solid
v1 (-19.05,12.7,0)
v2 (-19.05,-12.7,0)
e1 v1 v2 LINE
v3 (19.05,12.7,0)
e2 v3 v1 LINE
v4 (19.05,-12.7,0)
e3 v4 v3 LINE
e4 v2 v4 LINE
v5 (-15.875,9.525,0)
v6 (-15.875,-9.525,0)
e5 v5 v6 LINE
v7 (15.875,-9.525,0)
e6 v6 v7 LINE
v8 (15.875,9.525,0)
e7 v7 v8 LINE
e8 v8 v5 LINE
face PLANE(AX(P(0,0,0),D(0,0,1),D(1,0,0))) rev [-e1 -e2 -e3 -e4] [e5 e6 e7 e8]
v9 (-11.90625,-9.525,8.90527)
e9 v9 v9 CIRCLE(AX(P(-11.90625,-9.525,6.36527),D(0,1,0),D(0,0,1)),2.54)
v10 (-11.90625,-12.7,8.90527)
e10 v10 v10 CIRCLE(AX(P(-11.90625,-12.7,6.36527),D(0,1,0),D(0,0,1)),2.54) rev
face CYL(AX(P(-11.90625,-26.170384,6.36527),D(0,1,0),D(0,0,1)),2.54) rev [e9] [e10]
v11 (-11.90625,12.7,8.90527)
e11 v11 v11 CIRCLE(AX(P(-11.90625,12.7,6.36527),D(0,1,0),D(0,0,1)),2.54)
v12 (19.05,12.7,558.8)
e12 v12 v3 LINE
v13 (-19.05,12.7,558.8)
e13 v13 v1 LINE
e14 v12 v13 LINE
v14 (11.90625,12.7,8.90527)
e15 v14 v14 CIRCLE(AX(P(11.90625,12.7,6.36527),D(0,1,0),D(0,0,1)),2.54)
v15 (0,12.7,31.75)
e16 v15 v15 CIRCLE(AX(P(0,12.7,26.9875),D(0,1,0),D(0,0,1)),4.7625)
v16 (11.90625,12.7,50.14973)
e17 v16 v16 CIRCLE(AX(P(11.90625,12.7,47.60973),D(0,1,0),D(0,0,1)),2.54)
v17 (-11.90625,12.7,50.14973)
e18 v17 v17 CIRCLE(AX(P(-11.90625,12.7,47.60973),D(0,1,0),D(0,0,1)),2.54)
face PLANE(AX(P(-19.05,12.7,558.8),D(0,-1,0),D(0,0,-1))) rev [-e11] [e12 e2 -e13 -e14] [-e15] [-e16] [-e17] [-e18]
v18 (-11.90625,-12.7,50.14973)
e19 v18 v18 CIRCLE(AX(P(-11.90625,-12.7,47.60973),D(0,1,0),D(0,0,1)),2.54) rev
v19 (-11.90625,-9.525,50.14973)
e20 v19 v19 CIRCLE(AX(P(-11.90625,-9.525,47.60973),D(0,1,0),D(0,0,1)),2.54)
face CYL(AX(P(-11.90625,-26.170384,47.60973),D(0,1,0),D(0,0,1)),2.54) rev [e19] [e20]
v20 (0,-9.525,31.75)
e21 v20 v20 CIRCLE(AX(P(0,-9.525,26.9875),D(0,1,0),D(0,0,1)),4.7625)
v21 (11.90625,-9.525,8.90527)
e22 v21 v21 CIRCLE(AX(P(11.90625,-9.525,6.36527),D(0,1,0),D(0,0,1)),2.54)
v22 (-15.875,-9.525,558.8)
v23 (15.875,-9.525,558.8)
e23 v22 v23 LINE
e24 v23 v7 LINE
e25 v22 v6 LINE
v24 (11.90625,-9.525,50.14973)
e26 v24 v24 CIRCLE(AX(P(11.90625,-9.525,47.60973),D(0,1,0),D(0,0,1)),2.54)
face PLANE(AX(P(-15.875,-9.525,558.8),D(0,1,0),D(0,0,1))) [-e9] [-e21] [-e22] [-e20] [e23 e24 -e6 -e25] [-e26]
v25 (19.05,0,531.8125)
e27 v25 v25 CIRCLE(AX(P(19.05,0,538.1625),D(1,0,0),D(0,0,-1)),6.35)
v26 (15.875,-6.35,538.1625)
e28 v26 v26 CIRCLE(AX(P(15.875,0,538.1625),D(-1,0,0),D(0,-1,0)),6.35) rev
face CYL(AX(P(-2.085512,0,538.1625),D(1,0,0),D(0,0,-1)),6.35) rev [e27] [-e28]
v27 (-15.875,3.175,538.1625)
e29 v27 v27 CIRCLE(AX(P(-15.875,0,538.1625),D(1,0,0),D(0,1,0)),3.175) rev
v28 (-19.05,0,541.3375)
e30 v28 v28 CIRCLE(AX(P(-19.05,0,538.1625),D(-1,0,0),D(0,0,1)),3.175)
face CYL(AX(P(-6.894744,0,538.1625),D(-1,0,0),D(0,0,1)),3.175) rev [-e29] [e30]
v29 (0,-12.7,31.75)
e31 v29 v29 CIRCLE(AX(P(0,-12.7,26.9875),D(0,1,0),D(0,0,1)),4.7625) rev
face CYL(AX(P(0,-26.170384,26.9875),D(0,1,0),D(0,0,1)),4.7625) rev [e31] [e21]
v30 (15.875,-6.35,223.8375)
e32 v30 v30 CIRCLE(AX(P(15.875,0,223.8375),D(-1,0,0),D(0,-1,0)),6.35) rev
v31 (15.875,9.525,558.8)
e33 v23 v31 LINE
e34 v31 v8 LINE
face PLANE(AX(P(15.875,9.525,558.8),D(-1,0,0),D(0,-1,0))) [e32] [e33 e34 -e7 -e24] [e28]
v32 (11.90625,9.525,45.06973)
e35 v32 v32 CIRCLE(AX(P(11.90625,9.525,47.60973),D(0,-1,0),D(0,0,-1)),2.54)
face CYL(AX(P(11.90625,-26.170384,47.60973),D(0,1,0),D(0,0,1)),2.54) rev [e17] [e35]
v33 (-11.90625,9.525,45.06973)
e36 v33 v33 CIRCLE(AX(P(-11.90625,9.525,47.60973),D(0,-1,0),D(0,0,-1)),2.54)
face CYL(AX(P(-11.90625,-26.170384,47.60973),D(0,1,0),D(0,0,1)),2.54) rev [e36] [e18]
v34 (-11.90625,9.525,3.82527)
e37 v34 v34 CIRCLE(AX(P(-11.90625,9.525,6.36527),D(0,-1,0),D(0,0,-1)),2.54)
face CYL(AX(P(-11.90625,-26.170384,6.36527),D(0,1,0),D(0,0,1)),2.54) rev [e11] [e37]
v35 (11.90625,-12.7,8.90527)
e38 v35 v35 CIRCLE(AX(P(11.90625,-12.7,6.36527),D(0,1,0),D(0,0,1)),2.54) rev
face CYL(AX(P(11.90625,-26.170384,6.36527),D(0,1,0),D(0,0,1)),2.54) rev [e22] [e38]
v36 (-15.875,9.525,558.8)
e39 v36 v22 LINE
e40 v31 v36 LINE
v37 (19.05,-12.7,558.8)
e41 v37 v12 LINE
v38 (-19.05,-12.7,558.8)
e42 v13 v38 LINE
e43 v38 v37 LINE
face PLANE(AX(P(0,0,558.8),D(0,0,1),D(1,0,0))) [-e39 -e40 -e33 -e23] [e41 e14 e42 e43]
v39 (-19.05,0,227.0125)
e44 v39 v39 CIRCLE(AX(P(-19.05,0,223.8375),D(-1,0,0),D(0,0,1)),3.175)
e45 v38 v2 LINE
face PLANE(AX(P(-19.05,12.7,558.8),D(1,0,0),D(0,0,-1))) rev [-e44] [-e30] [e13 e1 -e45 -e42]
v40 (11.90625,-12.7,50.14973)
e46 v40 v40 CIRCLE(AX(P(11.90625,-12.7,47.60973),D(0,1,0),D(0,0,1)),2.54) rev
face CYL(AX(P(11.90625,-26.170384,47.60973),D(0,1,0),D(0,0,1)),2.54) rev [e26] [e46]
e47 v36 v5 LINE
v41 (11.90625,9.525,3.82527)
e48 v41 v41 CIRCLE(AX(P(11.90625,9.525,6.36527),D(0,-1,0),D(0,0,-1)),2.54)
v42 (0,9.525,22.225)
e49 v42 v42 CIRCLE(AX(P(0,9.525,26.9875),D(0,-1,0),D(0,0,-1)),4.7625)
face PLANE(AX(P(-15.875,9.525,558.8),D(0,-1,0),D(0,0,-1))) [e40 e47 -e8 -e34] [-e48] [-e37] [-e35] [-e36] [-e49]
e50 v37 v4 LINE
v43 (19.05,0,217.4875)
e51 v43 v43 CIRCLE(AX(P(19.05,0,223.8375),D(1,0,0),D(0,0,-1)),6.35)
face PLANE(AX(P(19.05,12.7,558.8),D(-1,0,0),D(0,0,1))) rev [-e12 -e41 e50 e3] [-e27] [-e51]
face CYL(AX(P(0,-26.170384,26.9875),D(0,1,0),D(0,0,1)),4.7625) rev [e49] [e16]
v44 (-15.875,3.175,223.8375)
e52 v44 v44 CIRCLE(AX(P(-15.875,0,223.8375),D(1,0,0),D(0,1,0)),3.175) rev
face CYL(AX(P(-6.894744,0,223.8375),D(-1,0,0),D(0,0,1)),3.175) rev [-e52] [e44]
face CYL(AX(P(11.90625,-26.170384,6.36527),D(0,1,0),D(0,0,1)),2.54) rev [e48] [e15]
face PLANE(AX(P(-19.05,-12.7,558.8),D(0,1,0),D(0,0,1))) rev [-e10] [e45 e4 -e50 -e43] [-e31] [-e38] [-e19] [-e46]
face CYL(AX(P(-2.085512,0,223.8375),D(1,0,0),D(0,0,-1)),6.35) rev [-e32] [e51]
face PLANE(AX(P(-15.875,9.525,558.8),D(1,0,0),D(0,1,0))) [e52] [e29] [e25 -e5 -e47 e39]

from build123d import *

# Parameters (mm, degrees)
SKETCH1_W           = 38.1
SKETCH1_H           = 25.4
SKETCH1_W_2         = 31.75
SKETCH1_H_2         = 19.05
BOSS_EXTRUDE1_DEPTH = 558.8
CUT_EXTRUDE1_REACH  = 561.701
SKETCH2_R           = 4.7625
SKETCH2_R_2         = 2.54
SKETCH3_R           = 3.175
CUT_EXTRUDE2_DEPTH  = 3.175
SKETCH4_R           = 6.35
CUT_EXTRUDE3_DEPTH  = 3.175


with BuildPart() as part:
    # Sketch1 → Boss-Extrude1 (new body)
    with BuildSketch(Plane.XY):
        Rectangle(SKETCH1_W, SKETCH1_H)
        Rectangle(SKETCH1_W_2, SKETCH1_H_2, mode=Mode.SUBTRACT)
    extrude(amount=BOSS_EXTRUDE1_DEPTH)

    # Cut-Extrude1: up to this face of the body (flat: up to its plane)
    cut_extrude1_end = Plane(part.part.faces().sort_by_distance((0, -12.7, 279.4))[0])
    # Sketch2 → Cut-Extrude1 (cut, up to the picked face)
    with BuildSketch(Plane(origin=(0, 12.7, 0), x_dir=(1, 0, 0), z_dir=(0, 1, 0)), mode=Mode.PRIVATE) as cut_extrude1_sk1:
        with Locations(Location((0, -26.9875, 0), (0, 0, 270))):
            Circle(SKETCH2_R)
    cut_extrude1_tool1 = split(extrude(cut_extrude1_sk1.sketch, amount=-CUT_EXTRUDE1_REACH, mode=Mode.PRIVATE), bisect_by=cut_extrude1_end, keep=Keep.BOTH, mode=Mode.PRIVATE)
    # Sketch2 → Cut-Extrude1 (cut, up to the picked face)
    with BuildSketch(Plane(origin=(0, 12.7, 0), x_dir=(1, 0, 0), z_dir=(0, 1, 0)), mode=Mode.PRIVATE) as cut_extrude1_sk2:
        with Locations(Location((11.90625, -47.609729928, 0), (0, 0, 270))):
            Circle(SKETCH2_R_2)
    cut_extrude1_tool2 = split(extrude(cut_extrude1_sk2.sketch, amount=-CUT_EXTRUDE1_REACH, mode=Mode.PRIVATE), bisect_by=cut_extrude1_end, keep=Keep.BOTH, mode=Mode.PRIVATE)
    # Sketch2 → Cut-Extrude1 (cut, up to the picked face)
    with BuildSketch(Plane(origin=(0, 12.7, 0), x_dir=(1, 0, 0), z_dir=(0, 1, 0)), mode=Mode.PRIVATE) as cut_extrude1_sk3:
        with Locations(Location((-11.90625, -47.609729928, 0), (0, 0, 270))):
            Circle(SKETCH2_R_2)
    cut_extrude1_tool3 = split(extrude(cut_extrude1_sk3.sketch, amount=-CUT_EXTRUDE1_REACH, mode=Mode.PRIVATE), bisect_by=cut_extrude1_end, keep=Keep.BOTH, mode=Mode.PRIVATE)
    # Sketch2 → Cut-Extrude1 (cut, up to the picked face)
    with BuildSketch(Plane(origin=(0, 12.7, 0), x_dir=(1, 0, 0), z_dir=(0, 1, 0)), mode=Mode.PRIVATE) as cut_extrude1_sk4:
        with Locations(Location((-11.90625, -6.365270072, 0), (0, 0, 270))):
            Circle(SKETCH2_R_2)
    cut_extrude1_tool4 = split(extrude(cut_extrude1_sk4.sketch, amount=-CUT_EXTRUDE1_REACH, mode=Mode.PRIVATE), bisect_by=cut_extrude1_end, keep=Keep.BOTH, mode=Mode.PRIVATE)
    # Sketch2 → Cut-Extrude1 (cut, up to the picked face)
    with BuildSketch(Plane(origin=(0, 12.7, 0), x_dir=(1, 0, 0), z_dir=(0, 1, 0)), mode=Mode.PRIVATE) as cut_extrude1_sk5:
        with Locations(Location((11.90625, -6.365270072, 0), (0, 0, 270))):
            Circle(SKETCH2_R_2)
    cut_extrude1_tool5 = split(extrude(cut_extrude1_sk5.sketch, amount=-CUT_EXTRUDE1_REACH, mode=Mode.PRIVATE), bisect_by=cut_extrude1_end, keep=Keep.BOTH, mode=Mode.PRIVATE)
    add(cut_extrude1_tool1.solids().sort_by(Axis((0, 12.7, 26.9875), (0, -1, 0)))[0], mode=Mode.SUBTRACT)
    add(cut_extrude1_tool2.solids().sort_by(Axis((11.90625, 12.7, 47.60973), (0, -1, 0)))[0], mode=Mode.SUBTRACT)
    add(cut_extrude1_tool3.solids().sort_by(Axis((-11.90625, 12.7, 47.60973), (0, -1, 0)))[0], mode=Mode.SUBTRACT)
    add(cut_extrude1_tool4.solids().sort_by(Axis((-11.90625, 12.7, 6.36527), (0, -1, 0)))[0], mode=Mode.SUBTRACT)
    add(cut_extrude1_tool5.solids().sort_by(Axis((11.90625, 12.7, 6.36527), (0, -1, 0)))[0], mode=Mode.SUBTRACT)

    # Sketch3 → Cut-Extrude2 (cut)
    with BuildSketch(Plane.ZY.offset(19.05)):
        with Locations((538.1625, 0)):
            Circle(SKETCH3_R)
        with Locations((223.8375, 0)):
            Circle(SKETCH3_R)
    extrude(amount=-CUT_EXTRUDE2_DEPTH, mode=Mode.SUBTRACT)

    # Sketch4 → Cut-Extrude3 (cut)
    with BuildSketch(Plane(origin=(19.05, 0, 0), x_dir=(0, 0, -1), z_dir=(1, 0, 0))):
        with Locations((-223.8375, 0)):
            Circle(SKETCH4_R)
        with Locations((-538.1625, 0)):
            Circle(SKETCH4_R)
    extrude(amount=-CUT_EXTRUDE3_DEPTH, mode=Mode.SUBTRACT)


solid = part.part
